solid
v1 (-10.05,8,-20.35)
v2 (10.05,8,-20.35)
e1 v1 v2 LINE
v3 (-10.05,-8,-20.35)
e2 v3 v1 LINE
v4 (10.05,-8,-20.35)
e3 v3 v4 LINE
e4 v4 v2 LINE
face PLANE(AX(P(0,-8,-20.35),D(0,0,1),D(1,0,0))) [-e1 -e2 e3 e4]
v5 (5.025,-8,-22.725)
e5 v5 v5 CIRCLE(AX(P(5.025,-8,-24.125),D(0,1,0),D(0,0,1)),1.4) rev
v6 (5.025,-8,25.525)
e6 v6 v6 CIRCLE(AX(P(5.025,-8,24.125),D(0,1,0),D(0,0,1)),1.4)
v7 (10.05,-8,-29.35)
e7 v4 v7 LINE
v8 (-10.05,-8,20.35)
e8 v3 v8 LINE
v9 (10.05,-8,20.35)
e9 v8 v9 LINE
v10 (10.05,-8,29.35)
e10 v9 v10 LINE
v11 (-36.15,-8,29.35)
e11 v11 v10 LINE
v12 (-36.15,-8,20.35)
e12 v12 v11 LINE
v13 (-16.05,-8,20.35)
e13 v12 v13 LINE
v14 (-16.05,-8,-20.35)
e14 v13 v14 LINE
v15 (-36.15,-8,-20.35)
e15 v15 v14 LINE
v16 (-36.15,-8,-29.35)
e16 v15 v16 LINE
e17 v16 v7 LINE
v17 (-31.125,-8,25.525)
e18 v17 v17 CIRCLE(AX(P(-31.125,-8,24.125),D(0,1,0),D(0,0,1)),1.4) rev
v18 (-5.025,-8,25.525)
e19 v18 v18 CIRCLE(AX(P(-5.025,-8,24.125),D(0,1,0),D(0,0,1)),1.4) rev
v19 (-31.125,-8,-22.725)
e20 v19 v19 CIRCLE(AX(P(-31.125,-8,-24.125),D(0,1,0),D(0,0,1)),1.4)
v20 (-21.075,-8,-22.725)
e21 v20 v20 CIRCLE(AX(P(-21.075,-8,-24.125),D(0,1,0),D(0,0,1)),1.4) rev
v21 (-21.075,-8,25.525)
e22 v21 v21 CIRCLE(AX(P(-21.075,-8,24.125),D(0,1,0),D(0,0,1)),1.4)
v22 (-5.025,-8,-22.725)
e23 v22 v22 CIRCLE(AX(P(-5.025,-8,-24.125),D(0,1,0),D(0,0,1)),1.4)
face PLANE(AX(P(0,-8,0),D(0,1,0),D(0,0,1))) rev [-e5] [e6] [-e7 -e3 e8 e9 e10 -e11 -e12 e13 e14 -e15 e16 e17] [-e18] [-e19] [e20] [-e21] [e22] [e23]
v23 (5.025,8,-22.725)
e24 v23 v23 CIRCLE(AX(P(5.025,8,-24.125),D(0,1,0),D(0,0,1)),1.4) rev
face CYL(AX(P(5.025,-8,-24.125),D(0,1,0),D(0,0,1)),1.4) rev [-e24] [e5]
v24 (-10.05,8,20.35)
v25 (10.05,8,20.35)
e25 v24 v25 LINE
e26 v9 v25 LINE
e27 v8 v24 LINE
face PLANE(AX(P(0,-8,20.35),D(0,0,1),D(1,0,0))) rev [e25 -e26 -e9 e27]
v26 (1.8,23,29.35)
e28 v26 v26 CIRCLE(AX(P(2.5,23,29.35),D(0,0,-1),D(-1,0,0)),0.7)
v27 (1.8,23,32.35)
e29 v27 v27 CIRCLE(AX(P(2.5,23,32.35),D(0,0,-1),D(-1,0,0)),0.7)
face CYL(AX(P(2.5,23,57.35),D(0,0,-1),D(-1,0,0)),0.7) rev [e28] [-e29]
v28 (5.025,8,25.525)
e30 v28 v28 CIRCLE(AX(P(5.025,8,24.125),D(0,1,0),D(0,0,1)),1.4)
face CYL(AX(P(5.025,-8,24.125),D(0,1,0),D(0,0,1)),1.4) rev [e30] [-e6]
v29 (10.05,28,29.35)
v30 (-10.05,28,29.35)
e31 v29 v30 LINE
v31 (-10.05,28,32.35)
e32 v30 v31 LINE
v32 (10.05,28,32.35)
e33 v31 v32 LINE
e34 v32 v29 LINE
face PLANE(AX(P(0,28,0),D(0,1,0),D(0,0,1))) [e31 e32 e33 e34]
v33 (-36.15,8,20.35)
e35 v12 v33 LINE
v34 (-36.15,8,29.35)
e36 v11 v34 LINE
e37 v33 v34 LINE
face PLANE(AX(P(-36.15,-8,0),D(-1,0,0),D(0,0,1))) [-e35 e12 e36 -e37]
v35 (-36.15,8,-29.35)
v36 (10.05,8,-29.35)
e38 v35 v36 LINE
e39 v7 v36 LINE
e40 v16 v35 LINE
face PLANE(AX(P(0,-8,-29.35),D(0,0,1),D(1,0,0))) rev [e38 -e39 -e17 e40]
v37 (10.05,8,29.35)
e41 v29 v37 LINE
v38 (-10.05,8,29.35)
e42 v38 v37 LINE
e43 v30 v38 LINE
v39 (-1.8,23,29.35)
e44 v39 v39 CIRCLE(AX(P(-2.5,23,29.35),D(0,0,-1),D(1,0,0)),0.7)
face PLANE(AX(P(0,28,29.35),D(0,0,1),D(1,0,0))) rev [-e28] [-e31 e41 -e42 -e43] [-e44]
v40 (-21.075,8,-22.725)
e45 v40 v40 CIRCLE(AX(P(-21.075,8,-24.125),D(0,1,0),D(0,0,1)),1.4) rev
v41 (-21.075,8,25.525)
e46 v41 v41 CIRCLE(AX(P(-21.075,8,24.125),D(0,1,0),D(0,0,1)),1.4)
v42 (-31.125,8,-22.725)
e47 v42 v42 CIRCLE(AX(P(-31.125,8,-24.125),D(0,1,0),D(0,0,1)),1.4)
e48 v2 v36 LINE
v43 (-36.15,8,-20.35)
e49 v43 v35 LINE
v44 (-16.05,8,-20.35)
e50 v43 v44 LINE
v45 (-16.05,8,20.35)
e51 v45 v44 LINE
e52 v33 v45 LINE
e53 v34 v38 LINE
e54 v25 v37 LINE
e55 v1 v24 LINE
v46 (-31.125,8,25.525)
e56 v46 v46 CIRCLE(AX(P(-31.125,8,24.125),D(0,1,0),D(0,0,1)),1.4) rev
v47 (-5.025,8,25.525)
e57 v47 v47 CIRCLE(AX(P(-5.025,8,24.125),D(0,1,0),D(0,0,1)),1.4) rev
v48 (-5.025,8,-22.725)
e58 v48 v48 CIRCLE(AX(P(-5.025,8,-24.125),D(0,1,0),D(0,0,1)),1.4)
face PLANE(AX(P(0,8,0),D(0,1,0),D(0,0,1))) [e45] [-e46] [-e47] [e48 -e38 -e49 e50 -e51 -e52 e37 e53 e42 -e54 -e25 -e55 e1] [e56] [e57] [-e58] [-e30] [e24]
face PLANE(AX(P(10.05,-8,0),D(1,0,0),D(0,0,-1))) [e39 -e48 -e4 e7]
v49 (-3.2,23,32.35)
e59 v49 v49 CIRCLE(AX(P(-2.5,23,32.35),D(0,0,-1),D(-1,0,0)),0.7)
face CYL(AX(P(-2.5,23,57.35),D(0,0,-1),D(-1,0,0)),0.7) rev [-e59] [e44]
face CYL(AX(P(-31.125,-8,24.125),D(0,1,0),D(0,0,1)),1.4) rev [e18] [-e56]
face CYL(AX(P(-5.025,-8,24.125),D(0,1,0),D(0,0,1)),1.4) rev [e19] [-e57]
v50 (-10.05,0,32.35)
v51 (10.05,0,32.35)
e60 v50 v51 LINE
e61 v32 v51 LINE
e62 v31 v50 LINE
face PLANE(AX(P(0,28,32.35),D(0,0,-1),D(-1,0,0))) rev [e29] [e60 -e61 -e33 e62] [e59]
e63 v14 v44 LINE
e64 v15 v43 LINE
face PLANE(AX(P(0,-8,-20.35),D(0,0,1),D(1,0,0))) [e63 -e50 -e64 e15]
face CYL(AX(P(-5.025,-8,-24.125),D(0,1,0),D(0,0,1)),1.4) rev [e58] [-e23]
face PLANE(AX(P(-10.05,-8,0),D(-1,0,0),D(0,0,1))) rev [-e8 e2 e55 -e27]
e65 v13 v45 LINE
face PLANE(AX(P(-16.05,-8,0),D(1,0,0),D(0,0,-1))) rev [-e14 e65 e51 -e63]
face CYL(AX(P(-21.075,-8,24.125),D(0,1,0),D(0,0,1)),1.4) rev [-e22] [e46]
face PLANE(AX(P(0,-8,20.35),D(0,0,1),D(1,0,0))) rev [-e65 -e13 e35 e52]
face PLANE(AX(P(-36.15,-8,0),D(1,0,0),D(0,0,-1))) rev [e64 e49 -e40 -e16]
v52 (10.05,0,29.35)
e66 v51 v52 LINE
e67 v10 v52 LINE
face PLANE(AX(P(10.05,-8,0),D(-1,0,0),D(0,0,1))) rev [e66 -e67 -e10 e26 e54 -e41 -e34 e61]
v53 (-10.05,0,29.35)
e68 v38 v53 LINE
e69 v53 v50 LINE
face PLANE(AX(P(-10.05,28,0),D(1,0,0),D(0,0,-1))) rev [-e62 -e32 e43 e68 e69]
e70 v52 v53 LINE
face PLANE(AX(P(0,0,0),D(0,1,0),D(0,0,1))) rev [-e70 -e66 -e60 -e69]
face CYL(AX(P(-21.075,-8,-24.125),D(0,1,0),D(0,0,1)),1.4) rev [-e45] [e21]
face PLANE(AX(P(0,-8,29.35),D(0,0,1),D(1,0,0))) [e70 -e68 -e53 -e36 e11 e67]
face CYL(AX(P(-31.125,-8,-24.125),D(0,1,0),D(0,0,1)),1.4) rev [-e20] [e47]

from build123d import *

# Parameters (mm, degrees)
EXTRUDE_2_DEPTH      = 8
EXTRUDE_2_DEPTH_BACK = 8
SKETCH_1_R           = 1.4
SKETCH_1_4_W         = 20.1
SKETCH_1_4_H         = 3
EXTRUDE_3_DEPTH      = 28
SKETCH_3_R           = 0.7
CUT_EXTRUDE_1_DEPTH  = 28


with BuildPart() as part:
    # Эскиз1 → Бобышка-Вытянуть2 (new, two sides: drawn at the far end of the back side and taken through both)
    with BuildSketch(Plane(origin=(0, 0, 0), x_dir=(1, 0, 0), z_dir=(0, 1, 0)).offset(-EXTRUDE_2_DEPTH_BACK)):
        Polygon((10.05, -29.35), (10.05, -20.35), (-10.05, -20.35), (-10.05, 20.35), (10.05, 20.35), (10.05, 29.35), (-36.15, 29.35), (-36.15, 20.35), (-16.05, 20.35), (-16.05, -20.35), (-36.15, -20.35), (-36.15, -29.35), align=None)
        with Locations((5.025, -24.125)):
            Circle(SKETCH_1_R, mode=Mode.SUBTRACT)
        with Locations((-5.025, -24.125)):
            Circle(SKETCH_1_R, mode=Mode.SUBTRACT)
        with Locations((-21.075, -24.125)):
            Circle(SKETCH_1_R, mode=Mode.SUBTRACT)
        with Locations((-31.125, -24.125)):
            Circle(SKETCH_1_R, mode=Mode.SUBTRACT)
        with Locations((-21.075, 24.125)):
            Circle(SKETCH_1_R, mode=Mode.SUBTRACT)
        with Locations((-31.125, 24.125)):
            Circle(SKETCH_1_R, mode=Mode.SUBTRACT)
        with Locations((5.025, 24.125)):
            Circle(SKETCH_1_R, mode=Mode.SUBTRACT)
        with Locations((-5.025, 24.125)):
            Circle(SKETCH_1_R, mode=Mode.SUBTRACT)
    extrude(amount=EXTRUDE_2_DEPTH + EXTRUDE_2_DEPTH_BACK)

    # Эскиз1<4> → Бобышка-Вытянуть3 (add)
    with BuildSketch(Plane(origin=(0, 0, 0), x_dir=(1, 0, 0), z_dir=(0, 1, 0))):
        with Locations((0, -30.85)):
            Rectangle(SKETCH_1_4_W, SKETCH_1_4_H)
    extrude(amount=EXTRUDE_3_DEPTH)

    # Эскиз3 → Вырез-Вытянуть1 (cut)
    with BuildSketch(Plane(origin=(0, 0, 29.35), x_dir=(-1, 0, 0), z_dir=(0, 0, -1))):
        with Locations((-2.5, 23)):
            Circle(SKETCH_3_R)
        with Locations((2.5, 23)):
            Circle(SKETCH_3_R)
    extrude(amount=-CUT_EXTRUDE_1_DEPTH, mode=Mode.SUBTRACT)


solid = part.part
